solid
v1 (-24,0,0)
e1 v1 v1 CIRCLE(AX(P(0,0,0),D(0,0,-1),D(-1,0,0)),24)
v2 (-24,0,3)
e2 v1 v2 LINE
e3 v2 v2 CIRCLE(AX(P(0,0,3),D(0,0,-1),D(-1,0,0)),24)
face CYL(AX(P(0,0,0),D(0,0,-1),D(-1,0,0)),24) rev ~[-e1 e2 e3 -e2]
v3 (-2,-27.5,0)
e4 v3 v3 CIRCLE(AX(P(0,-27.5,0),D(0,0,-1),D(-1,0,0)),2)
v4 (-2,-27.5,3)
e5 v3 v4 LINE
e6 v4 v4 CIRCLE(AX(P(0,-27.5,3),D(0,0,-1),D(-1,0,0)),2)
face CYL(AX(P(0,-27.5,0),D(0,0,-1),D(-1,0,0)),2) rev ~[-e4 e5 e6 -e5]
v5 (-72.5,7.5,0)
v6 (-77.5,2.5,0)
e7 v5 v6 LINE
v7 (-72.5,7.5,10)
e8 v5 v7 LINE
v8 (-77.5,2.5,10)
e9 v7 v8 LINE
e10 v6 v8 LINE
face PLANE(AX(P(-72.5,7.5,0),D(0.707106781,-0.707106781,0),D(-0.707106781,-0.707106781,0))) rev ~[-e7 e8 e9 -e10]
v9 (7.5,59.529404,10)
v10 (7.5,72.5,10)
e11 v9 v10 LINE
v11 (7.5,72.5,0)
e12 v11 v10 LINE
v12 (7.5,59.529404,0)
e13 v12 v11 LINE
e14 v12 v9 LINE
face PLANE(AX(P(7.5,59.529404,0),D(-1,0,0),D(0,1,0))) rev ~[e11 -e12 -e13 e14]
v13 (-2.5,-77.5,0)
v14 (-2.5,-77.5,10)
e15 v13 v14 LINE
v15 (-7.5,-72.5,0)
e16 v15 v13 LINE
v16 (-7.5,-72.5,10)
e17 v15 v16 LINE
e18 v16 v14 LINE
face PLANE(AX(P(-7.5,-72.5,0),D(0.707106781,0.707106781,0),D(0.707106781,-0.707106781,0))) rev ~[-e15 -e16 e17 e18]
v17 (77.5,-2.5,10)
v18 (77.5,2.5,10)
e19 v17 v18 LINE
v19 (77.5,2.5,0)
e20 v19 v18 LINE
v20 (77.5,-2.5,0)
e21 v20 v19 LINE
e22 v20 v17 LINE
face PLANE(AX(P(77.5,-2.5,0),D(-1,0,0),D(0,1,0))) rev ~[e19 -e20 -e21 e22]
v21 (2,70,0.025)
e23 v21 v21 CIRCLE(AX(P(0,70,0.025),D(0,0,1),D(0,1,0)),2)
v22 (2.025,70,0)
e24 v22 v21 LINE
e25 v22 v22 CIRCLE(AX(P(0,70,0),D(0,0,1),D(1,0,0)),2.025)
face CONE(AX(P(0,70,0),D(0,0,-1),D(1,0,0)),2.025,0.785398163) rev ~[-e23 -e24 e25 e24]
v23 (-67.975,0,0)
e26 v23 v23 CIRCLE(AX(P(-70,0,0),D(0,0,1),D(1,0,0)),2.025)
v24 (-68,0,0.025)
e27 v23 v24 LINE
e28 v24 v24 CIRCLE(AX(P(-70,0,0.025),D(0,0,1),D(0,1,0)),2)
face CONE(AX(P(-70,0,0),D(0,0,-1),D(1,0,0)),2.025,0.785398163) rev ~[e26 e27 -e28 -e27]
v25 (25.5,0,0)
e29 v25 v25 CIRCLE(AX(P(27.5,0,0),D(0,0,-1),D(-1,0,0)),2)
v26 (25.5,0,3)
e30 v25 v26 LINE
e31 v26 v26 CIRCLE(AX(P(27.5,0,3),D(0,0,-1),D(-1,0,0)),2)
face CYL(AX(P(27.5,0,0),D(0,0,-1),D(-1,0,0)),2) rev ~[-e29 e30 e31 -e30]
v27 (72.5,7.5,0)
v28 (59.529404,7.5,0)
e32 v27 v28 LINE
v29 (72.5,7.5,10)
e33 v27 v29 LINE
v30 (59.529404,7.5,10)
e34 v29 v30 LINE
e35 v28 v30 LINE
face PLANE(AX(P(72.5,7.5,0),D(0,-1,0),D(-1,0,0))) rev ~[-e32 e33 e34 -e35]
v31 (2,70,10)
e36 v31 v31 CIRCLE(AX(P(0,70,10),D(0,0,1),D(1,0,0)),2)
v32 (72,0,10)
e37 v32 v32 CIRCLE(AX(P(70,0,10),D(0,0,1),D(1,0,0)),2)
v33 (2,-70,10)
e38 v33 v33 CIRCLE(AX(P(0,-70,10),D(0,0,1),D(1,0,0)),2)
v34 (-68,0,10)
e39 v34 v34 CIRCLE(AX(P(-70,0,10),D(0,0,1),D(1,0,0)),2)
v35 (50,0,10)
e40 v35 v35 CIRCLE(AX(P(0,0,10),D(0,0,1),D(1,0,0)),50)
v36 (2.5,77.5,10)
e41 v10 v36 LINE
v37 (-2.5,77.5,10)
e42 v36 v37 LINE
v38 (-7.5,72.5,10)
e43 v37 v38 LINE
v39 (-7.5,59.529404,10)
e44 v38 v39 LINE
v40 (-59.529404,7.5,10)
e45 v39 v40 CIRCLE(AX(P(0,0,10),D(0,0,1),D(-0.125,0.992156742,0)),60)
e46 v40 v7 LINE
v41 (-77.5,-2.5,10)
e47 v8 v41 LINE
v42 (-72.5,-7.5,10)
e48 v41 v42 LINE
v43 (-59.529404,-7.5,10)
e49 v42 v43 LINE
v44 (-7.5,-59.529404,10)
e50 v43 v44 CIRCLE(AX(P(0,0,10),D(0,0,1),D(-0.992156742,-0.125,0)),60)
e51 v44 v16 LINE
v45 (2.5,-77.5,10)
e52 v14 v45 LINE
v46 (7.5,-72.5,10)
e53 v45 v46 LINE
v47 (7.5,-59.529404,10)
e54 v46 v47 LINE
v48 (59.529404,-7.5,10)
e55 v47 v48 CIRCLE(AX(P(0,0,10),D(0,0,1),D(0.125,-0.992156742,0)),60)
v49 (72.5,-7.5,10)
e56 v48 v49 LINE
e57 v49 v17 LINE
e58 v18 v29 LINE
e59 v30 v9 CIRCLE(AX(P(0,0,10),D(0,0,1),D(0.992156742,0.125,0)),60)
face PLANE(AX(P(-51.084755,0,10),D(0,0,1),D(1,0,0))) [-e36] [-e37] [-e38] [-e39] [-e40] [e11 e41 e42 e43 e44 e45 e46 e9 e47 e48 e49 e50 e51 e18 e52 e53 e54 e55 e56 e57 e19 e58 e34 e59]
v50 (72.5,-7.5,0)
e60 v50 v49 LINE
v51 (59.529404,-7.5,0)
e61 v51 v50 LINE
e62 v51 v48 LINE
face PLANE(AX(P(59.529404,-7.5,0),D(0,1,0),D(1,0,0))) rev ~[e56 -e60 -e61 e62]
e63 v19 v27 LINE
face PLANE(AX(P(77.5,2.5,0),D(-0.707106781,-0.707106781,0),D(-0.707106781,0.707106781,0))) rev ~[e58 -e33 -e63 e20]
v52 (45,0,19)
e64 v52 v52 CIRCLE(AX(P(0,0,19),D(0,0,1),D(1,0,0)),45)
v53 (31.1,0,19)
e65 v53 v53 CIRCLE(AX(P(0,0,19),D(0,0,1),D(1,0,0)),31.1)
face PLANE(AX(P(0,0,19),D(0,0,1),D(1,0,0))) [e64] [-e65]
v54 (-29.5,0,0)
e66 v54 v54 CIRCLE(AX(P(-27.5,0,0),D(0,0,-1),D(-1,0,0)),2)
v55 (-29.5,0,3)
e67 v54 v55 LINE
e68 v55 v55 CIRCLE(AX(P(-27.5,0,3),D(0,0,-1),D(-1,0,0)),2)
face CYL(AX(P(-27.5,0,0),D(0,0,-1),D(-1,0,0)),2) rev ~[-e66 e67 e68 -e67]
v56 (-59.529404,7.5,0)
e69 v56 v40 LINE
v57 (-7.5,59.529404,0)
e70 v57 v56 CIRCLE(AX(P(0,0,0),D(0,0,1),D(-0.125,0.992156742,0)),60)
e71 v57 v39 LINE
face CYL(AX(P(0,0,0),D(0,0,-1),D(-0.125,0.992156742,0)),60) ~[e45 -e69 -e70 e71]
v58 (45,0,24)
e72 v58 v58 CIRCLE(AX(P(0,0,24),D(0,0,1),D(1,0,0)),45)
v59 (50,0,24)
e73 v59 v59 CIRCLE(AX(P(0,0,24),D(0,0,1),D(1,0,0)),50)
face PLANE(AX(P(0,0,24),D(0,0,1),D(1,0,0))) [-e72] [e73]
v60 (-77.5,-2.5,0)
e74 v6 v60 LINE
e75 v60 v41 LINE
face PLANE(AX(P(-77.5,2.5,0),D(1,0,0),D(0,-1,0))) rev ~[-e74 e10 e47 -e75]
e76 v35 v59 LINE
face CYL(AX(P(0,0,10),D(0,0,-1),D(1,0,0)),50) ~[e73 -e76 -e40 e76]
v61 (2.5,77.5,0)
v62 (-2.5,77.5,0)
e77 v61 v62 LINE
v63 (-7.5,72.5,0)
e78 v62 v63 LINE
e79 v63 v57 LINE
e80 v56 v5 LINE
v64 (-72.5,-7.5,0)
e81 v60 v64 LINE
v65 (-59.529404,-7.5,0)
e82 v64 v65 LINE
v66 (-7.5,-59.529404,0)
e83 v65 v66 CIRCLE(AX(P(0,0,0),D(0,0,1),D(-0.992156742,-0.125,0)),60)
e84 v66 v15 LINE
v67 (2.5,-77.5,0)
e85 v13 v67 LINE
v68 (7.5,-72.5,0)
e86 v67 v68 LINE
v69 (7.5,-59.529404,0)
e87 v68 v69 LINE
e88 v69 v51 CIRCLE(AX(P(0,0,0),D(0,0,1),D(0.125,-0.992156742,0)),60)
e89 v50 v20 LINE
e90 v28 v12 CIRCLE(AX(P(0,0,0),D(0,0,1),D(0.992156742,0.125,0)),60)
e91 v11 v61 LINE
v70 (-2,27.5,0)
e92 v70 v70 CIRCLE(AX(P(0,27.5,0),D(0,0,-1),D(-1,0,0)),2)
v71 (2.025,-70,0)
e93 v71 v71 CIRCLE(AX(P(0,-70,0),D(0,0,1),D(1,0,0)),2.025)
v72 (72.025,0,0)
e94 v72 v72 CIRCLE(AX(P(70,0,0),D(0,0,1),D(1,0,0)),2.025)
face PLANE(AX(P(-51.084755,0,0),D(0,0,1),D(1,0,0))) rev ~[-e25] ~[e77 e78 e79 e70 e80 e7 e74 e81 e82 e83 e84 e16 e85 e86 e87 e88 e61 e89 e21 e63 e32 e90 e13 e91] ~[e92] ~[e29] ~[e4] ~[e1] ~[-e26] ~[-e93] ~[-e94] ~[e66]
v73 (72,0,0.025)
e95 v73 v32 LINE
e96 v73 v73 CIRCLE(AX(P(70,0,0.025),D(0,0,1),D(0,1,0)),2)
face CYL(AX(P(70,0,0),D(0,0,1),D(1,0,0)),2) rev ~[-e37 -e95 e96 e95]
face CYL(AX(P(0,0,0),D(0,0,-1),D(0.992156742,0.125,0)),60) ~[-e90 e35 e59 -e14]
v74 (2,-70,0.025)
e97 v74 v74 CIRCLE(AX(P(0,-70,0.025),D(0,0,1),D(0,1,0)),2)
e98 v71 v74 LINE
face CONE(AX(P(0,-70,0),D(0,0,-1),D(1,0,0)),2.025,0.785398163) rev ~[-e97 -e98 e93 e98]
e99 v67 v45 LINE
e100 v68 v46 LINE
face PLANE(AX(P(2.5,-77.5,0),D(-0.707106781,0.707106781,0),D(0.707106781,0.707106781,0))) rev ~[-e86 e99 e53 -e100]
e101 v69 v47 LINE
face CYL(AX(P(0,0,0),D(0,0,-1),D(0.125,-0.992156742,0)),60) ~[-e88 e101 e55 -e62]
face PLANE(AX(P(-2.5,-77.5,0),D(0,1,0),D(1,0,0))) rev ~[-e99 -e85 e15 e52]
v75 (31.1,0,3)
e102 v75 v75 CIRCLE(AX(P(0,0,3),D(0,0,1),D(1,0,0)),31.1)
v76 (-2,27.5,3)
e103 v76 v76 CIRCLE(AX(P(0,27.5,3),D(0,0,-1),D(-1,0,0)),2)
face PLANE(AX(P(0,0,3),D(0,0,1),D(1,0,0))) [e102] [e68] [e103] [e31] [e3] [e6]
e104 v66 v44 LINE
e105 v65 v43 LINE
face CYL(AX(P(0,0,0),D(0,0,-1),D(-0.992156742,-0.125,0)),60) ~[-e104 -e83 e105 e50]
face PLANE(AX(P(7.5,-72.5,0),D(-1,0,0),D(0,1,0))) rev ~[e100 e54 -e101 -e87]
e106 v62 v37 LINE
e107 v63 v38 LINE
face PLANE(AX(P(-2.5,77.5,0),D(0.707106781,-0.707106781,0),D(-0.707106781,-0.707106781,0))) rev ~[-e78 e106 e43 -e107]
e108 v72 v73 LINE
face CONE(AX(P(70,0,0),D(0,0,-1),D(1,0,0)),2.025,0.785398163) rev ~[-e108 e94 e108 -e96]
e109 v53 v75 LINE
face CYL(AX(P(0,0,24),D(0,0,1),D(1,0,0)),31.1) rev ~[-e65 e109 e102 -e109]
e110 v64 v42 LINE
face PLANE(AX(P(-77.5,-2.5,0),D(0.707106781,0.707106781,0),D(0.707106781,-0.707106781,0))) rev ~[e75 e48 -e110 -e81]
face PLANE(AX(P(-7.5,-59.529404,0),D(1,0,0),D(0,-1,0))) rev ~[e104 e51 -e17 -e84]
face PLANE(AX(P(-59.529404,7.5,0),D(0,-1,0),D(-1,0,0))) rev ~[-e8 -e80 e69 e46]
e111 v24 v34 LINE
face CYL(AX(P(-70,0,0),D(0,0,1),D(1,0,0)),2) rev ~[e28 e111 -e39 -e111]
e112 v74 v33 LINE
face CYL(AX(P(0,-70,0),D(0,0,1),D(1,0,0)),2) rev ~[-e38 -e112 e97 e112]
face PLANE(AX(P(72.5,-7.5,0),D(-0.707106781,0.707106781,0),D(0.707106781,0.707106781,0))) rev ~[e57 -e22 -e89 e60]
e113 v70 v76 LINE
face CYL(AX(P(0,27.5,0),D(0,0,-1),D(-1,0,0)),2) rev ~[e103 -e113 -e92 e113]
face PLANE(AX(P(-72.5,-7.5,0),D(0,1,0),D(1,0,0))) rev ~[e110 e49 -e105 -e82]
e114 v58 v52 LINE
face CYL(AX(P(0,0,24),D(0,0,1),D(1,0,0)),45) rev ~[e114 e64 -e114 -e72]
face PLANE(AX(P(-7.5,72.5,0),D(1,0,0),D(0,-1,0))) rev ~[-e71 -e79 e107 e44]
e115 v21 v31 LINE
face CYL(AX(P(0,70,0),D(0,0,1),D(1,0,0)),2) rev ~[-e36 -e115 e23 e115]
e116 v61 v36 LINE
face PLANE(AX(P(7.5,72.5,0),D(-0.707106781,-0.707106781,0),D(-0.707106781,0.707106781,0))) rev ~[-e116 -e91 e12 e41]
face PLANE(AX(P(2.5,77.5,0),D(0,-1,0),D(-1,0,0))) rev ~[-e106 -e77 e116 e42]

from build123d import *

# Parameters (mm, degrees)
BOSS_EXTRUDE1_DEPTH             = 10
SKETCH2_R                       = 50
BOSS_EXTRUDE2_DEPTH             = 14
SKETCH3_R                       = 31.1
CUT_EXTRUDE1_DEPTH              = 21
F_4_0MM_DOWEL_HOLE1_D           = 4
F_4_0MM_DOWEL_HOLE1_CSINK_D     = 4.05
F_4_0MM_DOWEL_HOLE1_CSINK_ANGLE = 90
SKETCH11_R                      = 45
CUT_EXTRUDE2_DEPTH              = 5
SKETCH4_R                       = 24
CUT_EXTRUDE3_DEPTH              = 4
SKETCH12_R                      = 2
CUT_EXTRUDE5_DEPTH              = 4


with BuildPart() as part:
    # Sketch1 → Boss-Extrude1 (new body)
    with BuildSketch(Plane.XY):
        with BuildLine():
            Line((-42.5, 7.5), (-59.529404499, 7.5))
            ThreePointArc((-59.529404499, 7.5), (-60, 0), (-59.529404499, -7.5))
            Line((-59.529404499, -7.5), (-42.5, -7.5))
            Line((-42.5, -7.5), (-42.5, 7.5))
        make_face()
        with BuildLine():
            ThreePointArc((-7.5, 59.529404499), (-42.426406871, 42.426406871), (-59.529404499, 7.5))
            Line((-59.529404499, 7.5), (-42.5, 7.5))
            Line((-42.5, 7.5), (-42.5, -7.5))
            Line((-42.5, -7.5), (-59.529404499, -7.5))
            ThreePointArc((-59.529404499, -7.5), (-42.426406871, -42.426406871), (-7.5, -59.529404499))
            Line((-7.5, -59.529404499), (-7.5, -42.5))
            Line((-7.5, -42.5), (7.5, -42.5))
            Line((7.5, -42.5), (7.5, -59.529404499))
            ThreePointArc((7.5, -59.529404499), (42.426406871, -42.426406871), (59.529404499, -7.5))
            Line((59.529404499, -7.5), (42.5, -7.5))
            Line((42.5, -7.5), (42.5, 7.5))
            Line((42.5, 7.5), (59.529404499, 7.5))
            ThreePointArc((59.529404499, 7.5), (42.426406871, 42.426406871), (7.5, 59.529404499))
            Line((7.5, 59.529404499), (7.5, 42.5))
            Line((7.5, 42.5), (-7.5, 42.5))
            Line((-7.5, 42.5), (-7.5, 59.529404499))
        make_face()
        with BuildLine():
            ThreePointArc((7.5, 59.529404499), (0, 60), (-7.5, 59.529404499))
            Line((-7.5, 59.529404499), (-7.5, 42.5))
            Line((-7.5, 42.5), (7.5, 42.5))
            Line((7.5, 42.5), (7.5, 59.529404499))
        make_face()
        with BuildLine():
            Line((-7.5, 72.5), (-7.5, 59.529404499))
            ThreePointArc((-7.5, 59.529404499), (0, 60), (7.5, 59.529404499))
            Line((7.5, 59.529404499), (7.5, 72.5))
            Line((7.5, 72.5), (2.5, 77.5))
            Line((2.5, 77.5), (-2.5, 77.5))
            Line((-2.5, 77.5), (-7.5, 72.5))
        make_face()
        with BuildLine():
            Line((-59.529404499, 7.5), (-72.5, 7.5))
            Line((-72.5, 7.5), (-77.5, 2.5))
            Line((-77.5, 2.5), (-77.5, -2.5))
            Line((-77.5, -2.5), (-72.5, -7.5))
            Line((-72.5, -7.5), (-59.529404499, -7.5))
            ThreePointArc((-59.529404499, -7.5), (-60, 0), (-59.529404499, 7.5))
        make_face()
        with BuildLine():
            ThreePointArc((60, 0), (59.882235554, 3.757374753), (59.529404499, 7.5))
            Line((59.529404499, 7.5), (42.5, 7.5))
            Line((42.5, 7.5), (42.5, -7.5))
            Line((42.5, -7.5), (59.529404499, -7.5))
            ThreePointArc((59.529404499, -7.5), (59.882235554, -3.757374753), (60, 0))
        make_face()
        with BuildLine():
            Line((72.5, 7.5), (59.529404499, 7.5))
            ThreePointArc((59.529404499, 7.5), (59.882235554, 3.757374753), (60, 0))
            ThreePointArc((60, 0), (59.882235554, -3.757374753), (59.529404499, -7.5))
            Line((59.529404499, -7.5), (72.5, -7.5))
            Line((72.5, -7.5), (77.5, -2.5))
            Line((77.5, -2.5), (77.5, 2.5))
            Line((77.5, 2.5), (72.5, 7.5))
        make_face()
        with BuildLine():
            ThreePointArc((7.5, -59.529404499), (0, -60), (-7.5, -59.529404499))
            Line((-7.5, -59.529404499), (-7.5, -72.5))
            Line((-7.5, -72.5), (-2.5, -77.5))
            Line((-2.5, -77.5), (2.5, -77.5))
            Line((2.5, -77.5), (7.5, -72.5))
            Line((7.5, -72.5), (7.5, -59.529404499))
        make_face()
        with BuildLine():
            Line((-7.5, -42.5), (-7.5, -59.529404499))
            ThreePointArc((-7.5, -59.529404499), (0, -60), (7.5, -59.529404499))
            Line((7.5, -59.529404499), (7.5, -42.5))
            Line((7.5, -42.5), (-7.5, -42.5))
        make_face()
    extrude(amount=BOSS_EXTRUDE1_DEPTH)

    # Sketch2 → Boss-Extrude2 (add)
    with BuildSketch(Plane.XY.offset(10)):
        Circle(SKETCH2_R)
    extrude(amount=BOSS_EXTRUDE2_DEPTH)

    # Sketch3 → Cut-Extrude1 (cut)
    with BuildSketch(Plane.XY.offset(24)):
        Circle(SKETCH3_R)
    extrude(amount=-CUT_EXTRUDE1_DEPTH, mode=Mode.SUBTRACT)

    # Ø4.0mm Dowel Hole1 (through all)
    with Locations(Plane(origin=(0, 0, 0), x_dir=(-1, 0, 0), z_dir=(0, 0, -1))):
        with Locations((-70, 0), (0, 70), (70, 0), (0, -70)):
            CounterSinkHole(F_4_0MM_DOWEL_HOLE1_D / 2, F_4_0MM_DOWEL_HOLE1_CSINK_D / 2, counter_sink_angle=F_4_0MM_DOWEL_HOLE1_CSINK_ANGLE)

    # Sketch11 → Cut-Extrude2 (cut)
    with BuildSketch(Plane.XY.offset(24)):
        Circle(SKETCH11_R)
    extrude(amount=-CUT_EXTRUDE2_DEPTH, mode=Mode.SUBTRACT)

    # Sketch4 → Cut-Extrude3 (cut)
    with BuildSketch(Plane(origin=(0, 0, 0), x_dir=(-1, 0, 0), z_dir=(0, 0, -1))):
        Circle(SKETCH4_R)
    extrude(amount=-CUT_EXTRUDE3_DEPTH, mode=Mode.SUBTRACT)

    # Sketch12 → Cut-Extrude5 (cut)
    with BuildSketch(Plane(origin=(0, 0, 0), x_dir=(-1, 0, 0), z_dir=(0, 0, -1))):
        with Locations((27.5, 0)):
            Circle(SKETCH12_R)
        with Locations((0, -27.5)):
            Circle(SKETCH12_R)
        with Locations((-27.5, 0)):
            Circle(SKETCH12_R)
        with Locations((0, 27.5)):
            Circle(SKETCH12_R)
    extrude(amount=-CUT_EXTRUDE5_DEPTH, mode=Mode.SUBTRACT)


solid = part.part
